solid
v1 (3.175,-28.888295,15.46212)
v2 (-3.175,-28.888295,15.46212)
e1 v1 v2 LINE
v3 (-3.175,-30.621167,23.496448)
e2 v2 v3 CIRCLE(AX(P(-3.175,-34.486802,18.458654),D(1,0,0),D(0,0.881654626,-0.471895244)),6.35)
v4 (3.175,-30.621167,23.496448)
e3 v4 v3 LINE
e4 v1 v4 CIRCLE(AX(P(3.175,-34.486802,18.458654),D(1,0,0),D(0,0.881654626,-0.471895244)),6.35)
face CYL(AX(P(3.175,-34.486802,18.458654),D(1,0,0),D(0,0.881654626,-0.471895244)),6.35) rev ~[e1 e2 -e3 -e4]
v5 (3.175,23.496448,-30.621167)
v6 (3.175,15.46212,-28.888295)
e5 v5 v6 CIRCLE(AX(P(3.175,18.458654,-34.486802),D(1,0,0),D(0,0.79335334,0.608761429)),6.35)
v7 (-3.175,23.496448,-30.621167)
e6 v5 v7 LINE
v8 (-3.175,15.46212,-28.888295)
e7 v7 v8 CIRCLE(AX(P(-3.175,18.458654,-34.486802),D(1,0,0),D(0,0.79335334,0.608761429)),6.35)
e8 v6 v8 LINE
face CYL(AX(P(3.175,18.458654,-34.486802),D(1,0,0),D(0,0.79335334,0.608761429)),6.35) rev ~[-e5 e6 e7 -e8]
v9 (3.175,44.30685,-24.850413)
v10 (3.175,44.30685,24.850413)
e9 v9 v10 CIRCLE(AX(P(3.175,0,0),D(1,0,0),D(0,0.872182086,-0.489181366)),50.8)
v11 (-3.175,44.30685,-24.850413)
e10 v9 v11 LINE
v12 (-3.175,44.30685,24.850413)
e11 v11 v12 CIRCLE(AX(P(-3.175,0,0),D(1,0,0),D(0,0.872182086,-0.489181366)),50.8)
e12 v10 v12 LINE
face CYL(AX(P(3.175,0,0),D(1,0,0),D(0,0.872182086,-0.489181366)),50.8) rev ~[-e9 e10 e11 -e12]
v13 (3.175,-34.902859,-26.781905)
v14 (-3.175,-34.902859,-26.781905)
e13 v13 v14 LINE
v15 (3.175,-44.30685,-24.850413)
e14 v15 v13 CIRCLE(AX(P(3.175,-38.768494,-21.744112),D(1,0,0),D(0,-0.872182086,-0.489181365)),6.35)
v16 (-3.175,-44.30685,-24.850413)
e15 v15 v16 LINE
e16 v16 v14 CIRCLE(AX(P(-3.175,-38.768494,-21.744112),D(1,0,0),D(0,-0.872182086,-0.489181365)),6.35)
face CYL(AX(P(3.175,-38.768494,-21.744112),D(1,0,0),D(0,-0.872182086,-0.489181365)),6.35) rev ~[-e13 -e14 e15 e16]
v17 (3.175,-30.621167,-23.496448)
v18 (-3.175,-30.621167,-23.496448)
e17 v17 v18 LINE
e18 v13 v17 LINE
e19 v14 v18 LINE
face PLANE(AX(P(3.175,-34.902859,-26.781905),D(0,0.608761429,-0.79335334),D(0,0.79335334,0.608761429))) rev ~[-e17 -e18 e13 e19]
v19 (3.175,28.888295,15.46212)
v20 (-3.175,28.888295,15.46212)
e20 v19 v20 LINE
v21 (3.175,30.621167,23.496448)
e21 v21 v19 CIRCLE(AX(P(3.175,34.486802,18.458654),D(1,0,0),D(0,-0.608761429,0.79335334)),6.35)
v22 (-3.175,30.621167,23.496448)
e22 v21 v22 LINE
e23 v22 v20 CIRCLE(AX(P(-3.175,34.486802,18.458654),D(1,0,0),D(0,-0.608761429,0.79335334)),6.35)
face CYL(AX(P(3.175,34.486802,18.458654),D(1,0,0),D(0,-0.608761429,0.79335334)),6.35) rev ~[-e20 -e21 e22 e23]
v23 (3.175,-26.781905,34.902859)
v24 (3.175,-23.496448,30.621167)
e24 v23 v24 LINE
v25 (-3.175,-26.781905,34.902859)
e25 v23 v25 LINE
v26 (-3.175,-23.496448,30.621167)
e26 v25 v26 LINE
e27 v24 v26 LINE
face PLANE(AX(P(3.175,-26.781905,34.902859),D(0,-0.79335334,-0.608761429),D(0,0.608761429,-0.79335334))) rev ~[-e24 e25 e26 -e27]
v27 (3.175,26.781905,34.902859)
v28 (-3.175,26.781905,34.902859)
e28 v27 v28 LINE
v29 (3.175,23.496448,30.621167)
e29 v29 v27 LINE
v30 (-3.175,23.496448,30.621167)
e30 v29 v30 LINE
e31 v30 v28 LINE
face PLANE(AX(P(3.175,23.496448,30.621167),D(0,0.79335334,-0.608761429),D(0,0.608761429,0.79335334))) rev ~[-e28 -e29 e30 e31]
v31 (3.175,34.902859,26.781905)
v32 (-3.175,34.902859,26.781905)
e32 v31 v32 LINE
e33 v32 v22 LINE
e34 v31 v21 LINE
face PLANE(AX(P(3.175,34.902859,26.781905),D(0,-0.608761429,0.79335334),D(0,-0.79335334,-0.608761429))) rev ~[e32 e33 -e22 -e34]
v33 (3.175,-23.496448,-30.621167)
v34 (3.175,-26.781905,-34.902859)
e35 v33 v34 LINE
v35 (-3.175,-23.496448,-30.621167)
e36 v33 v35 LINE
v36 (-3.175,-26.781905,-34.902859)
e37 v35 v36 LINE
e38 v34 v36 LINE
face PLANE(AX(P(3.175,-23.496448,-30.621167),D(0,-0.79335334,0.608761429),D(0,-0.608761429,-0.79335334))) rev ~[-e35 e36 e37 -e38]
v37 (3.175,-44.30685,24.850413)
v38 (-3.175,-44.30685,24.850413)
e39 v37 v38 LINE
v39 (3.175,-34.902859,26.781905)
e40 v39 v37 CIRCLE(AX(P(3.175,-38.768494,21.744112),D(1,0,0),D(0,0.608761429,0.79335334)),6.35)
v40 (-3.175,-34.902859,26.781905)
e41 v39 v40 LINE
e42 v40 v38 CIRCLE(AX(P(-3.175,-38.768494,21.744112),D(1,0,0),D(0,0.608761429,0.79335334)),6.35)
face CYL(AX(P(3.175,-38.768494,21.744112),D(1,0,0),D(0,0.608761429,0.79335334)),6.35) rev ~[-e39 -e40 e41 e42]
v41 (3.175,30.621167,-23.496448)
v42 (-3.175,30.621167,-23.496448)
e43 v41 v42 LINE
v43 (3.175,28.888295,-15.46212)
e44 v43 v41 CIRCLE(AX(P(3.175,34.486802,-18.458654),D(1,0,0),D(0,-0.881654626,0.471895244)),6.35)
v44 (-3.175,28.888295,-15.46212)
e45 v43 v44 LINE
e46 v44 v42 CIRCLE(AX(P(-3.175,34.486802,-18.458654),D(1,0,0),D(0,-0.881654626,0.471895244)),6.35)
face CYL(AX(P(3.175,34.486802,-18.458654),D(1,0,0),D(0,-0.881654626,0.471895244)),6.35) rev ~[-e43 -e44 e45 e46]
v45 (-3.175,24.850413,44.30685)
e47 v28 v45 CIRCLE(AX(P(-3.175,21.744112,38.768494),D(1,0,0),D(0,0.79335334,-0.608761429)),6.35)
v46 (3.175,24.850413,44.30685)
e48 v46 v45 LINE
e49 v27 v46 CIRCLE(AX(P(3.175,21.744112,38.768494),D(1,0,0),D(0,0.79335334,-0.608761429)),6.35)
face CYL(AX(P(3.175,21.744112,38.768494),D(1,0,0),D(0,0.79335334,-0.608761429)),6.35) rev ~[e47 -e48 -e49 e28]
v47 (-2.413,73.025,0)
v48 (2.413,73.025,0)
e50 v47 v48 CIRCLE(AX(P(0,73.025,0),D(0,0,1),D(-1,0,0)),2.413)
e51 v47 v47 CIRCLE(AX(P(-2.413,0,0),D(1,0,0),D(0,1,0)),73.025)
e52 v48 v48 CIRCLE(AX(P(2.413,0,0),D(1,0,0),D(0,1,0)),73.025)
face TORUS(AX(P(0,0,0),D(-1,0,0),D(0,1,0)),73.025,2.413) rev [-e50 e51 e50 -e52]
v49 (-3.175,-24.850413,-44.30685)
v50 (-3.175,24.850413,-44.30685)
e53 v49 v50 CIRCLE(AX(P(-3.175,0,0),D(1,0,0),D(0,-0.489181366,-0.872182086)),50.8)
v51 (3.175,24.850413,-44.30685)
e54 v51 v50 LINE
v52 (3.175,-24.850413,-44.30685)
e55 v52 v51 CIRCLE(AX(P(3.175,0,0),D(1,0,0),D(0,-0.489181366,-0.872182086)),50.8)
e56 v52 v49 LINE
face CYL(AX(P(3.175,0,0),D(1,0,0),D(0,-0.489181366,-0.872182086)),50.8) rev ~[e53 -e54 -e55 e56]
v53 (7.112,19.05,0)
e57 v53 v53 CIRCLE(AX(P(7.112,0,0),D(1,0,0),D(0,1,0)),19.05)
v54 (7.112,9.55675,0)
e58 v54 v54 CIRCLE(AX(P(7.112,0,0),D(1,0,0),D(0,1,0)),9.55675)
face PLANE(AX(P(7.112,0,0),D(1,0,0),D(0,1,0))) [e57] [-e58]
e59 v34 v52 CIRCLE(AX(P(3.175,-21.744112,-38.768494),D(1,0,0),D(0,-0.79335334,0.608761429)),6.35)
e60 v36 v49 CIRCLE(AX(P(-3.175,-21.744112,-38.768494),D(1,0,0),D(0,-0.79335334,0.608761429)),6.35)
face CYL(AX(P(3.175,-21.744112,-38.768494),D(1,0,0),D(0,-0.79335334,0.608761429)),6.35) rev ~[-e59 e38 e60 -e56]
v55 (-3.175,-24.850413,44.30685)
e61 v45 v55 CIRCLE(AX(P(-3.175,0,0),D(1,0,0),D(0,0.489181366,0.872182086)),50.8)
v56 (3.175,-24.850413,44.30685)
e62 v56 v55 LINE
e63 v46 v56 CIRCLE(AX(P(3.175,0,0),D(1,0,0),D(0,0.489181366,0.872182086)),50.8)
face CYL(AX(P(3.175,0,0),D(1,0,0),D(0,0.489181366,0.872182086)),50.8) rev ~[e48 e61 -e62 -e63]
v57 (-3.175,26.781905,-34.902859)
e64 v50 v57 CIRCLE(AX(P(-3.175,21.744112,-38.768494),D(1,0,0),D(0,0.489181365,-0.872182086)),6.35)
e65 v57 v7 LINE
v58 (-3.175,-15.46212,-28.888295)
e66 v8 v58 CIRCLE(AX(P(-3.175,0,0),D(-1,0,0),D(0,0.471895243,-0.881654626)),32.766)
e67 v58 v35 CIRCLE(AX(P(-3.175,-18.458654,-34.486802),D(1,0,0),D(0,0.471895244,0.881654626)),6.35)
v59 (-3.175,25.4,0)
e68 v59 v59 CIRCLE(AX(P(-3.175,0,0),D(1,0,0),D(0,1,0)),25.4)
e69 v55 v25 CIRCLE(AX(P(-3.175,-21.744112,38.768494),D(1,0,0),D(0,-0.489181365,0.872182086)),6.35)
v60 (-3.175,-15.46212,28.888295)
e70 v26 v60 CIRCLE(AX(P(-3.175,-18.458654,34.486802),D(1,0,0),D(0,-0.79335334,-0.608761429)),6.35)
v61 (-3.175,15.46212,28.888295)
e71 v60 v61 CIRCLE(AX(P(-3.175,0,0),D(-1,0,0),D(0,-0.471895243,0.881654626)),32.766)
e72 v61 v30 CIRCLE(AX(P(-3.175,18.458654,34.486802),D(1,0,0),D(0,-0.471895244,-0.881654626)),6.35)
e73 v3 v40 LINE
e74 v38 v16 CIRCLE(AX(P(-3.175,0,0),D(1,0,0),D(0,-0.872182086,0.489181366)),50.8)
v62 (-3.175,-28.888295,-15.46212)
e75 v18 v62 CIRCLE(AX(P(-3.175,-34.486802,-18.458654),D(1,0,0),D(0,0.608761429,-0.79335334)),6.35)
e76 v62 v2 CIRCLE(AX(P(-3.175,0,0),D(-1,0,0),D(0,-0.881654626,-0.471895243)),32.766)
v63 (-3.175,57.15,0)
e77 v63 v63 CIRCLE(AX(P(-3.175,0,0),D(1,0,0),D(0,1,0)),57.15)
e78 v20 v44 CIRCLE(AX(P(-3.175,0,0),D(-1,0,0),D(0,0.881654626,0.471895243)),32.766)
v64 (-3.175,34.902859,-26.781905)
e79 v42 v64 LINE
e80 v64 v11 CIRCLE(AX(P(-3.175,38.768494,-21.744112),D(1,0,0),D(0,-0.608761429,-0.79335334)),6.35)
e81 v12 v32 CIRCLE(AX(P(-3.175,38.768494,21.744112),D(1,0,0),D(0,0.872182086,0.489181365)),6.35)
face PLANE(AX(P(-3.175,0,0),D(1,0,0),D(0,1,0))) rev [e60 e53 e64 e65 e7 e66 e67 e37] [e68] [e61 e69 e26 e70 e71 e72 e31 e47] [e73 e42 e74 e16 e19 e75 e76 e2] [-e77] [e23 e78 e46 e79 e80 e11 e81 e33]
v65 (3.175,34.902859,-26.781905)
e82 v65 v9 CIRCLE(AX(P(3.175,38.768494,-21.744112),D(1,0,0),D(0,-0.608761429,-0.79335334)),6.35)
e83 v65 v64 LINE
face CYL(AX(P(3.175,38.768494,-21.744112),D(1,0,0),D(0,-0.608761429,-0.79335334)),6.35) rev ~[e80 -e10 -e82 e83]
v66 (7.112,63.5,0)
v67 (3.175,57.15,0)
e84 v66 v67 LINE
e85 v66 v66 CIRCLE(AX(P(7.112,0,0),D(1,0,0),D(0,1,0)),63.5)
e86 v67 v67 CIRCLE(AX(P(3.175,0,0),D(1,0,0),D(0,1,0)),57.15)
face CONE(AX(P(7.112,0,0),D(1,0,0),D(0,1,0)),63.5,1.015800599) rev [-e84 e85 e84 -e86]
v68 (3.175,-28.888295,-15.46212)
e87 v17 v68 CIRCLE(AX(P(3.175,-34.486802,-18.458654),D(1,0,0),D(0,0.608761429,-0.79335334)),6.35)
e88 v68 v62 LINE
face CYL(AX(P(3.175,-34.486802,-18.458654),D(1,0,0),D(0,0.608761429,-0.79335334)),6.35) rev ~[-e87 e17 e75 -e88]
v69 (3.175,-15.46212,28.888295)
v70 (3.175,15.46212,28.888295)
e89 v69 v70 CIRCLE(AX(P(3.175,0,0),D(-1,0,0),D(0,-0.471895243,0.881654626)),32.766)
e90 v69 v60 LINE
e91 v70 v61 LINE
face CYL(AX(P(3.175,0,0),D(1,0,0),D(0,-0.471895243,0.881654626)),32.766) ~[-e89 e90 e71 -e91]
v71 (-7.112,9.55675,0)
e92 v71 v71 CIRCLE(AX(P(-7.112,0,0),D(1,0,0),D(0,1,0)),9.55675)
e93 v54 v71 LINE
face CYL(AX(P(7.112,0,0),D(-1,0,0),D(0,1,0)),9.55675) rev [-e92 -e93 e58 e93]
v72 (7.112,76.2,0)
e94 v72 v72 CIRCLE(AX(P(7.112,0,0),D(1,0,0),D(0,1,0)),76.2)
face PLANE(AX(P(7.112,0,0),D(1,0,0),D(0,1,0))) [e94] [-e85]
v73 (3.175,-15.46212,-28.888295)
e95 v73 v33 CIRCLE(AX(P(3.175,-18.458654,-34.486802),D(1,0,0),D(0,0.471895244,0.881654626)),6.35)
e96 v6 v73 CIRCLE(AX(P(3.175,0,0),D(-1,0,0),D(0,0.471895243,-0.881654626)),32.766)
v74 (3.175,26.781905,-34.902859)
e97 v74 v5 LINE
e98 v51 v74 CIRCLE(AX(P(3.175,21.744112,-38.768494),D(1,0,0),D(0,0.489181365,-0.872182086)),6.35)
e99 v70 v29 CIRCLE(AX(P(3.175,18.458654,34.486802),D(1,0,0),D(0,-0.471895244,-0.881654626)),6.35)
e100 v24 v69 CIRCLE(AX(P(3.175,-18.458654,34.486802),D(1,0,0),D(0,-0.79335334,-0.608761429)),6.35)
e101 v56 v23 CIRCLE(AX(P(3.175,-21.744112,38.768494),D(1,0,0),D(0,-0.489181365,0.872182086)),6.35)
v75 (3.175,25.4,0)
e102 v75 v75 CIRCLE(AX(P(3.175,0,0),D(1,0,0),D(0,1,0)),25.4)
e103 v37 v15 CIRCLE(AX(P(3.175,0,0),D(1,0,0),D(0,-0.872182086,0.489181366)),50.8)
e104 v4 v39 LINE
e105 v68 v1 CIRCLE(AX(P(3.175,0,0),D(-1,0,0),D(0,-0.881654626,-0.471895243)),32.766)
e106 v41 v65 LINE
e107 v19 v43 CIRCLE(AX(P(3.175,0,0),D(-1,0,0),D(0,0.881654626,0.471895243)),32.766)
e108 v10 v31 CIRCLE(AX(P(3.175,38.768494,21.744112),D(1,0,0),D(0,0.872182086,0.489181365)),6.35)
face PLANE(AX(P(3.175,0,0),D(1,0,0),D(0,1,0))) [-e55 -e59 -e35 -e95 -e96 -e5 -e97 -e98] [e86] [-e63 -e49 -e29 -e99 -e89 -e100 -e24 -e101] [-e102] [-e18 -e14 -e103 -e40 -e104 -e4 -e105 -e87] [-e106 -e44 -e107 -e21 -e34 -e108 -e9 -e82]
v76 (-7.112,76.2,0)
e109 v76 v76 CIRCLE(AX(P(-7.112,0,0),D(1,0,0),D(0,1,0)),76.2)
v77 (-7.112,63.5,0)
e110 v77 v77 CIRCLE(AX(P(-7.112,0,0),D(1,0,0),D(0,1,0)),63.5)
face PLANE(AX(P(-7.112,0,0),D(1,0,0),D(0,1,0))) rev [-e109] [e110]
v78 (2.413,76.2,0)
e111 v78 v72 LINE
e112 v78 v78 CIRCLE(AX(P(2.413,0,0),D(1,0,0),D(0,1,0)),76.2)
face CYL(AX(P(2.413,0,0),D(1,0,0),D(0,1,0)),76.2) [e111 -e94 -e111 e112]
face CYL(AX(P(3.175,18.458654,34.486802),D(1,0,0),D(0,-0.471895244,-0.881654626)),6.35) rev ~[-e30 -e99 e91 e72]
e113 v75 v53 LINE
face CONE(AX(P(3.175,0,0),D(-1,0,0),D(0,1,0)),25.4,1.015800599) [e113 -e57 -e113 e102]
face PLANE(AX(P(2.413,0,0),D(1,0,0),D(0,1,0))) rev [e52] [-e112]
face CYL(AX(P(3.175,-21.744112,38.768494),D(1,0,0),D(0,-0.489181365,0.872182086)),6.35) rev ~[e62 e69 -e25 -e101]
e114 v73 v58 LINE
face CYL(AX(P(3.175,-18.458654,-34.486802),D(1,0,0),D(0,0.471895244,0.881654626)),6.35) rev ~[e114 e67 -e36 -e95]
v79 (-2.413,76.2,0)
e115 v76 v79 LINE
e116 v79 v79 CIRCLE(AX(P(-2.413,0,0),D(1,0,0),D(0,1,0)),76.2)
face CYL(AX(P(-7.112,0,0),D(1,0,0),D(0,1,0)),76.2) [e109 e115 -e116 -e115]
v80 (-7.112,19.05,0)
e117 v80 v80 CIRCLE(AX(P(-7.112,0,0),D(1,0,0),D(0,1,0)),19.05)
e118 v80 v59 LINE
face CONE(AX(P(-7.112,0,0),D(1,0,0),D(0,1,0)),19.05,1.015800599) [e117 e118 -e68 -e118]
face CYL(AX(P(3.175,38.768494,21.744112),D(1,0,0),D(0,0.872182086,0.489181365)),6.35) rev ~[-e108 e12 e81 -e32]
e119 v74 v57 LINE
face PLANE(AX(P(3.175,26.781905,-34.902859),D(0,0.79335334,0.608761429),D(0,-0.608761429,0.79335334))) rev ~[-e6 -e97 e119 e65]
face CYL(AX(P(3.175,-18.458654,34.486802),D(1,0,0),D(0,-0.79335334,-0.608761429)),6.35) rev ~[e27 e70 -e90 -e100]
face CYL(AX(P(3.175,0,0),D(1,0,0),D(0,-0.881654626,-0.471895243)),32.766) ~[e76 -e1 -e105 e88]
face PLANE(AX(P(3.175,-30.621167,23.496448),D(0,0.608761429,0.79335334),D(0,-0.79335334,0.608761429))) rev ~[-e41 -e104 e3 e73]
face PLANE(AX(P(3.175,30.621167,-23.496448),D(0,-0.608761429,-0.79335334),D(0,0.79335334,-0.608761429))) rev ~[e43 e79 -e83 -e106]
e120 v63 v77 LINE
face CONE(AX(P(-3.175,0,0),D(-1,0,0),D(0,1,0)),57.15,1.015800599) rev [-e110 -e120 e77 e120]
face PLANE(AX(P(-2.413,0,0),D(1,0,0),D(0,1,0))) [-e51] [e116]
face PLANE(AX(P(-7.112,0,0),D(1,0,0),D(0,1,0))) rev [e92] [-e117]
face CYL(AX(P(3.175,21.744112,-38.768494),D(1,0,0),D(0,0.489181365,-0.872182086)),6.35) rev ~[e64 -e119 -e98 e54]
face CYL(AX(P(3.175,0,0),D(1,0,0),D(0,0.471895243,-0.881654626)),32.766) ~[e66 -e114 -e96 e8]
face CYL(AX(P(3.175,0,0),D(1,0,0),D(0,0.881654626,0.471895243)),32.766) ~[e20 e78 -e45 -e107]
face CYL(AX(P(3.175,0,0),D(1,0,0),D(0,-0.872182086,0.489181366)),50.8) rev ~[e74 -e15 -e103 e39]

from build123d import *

# Parameters (mm, degrees)
CUT_EXTRUDE1_DEPTH = 6.35
CIRPATTERN1_COUNT  = 4


with BuildPart() as part:
    # Sketch1 → Revolve1 (revolve)
    with BuildSketch(Plane.XY):
        with BuildLine():
            Line((-7.112, 19.05), (-3.175, 25.4))
            Line((-3.175, 25.4), (-3.175, 57.15))
            Line((-3.175, 57.15), (-7.112, 63.5))
            Line((-7.112, 63.5), (-7.112, 76.2))
            Line((-7.112, 76.2), (-2.413, 76.2))
            Line((-2.413, 76.2), (-2.413, 73.025))
            ThreePointArc((-2.413, 73.025), (0, 70.612), (2.413, 73.025))
            Line((2.413, 73.025), (2.413, 76.2))
            Line((2.413, 76.2), (7.112, 76.2))
            Line((7.112, 76.2), (7.112, 63.5))
            Line((7.112, 63.5), (3.175, 57.15))
            Line((3.175, 57.15), (3.175, 25.4))
            Line((3.175, 25.4), (7.112, 19.05))
            Line((7.112, 19.05), (7.112, 9.55675))
            Line((7.112, 9.55675), (-7.112, 9.55675))
            Line((-7.112, 9.55675), (-7.112, 19.05))
        make_face()
    revolve(axis=Axis((0, 0, 0), (1, 0, 0)))

    # Sketch2 → Cut-Extrude1 (cut)
    with BuildSketch(Plane(origin=(3.175, 0, 0), x_dir=(0, 0, -1), z_dir=(1, 0, 0))):
        with BuildLine():
            Line((23.49644805, 30.621167271), (26.781905408, 34.902858661))
            ThreePointArc((26.781905408, 34.902858661), (27.96426729, 40.046055634), (24.850413368, 44.306849983))
            ThreePointArc((24.850413368, 44.306849983), (0, 50.8), (-24.850413368, 44.306849983))
            ThreePointArc((-24.850413368, 44.306849983), (-27.96426729, 40.046055634), (-26.781905408, 34.902858661))
            Line((-26.781905408, 34.902858661), (-23.49644805, 30.621167271))
            ThreePointArc((-23.49644805, 30.621167271), (-19.797458156, 28.279540119), (-15.462119544, 28.888295471))
            ThreePointArc((-15.462119544, 28.888295471), (0, 32.766), (15.462119544, 28.888295471))
            ThreePointArc((15.462119544, 28.888295471), (19.797458156, 28.279540119), (23.49644805, 30.621167271))
        make_face()
    cut_extrude1 = extrude(amount=-CUT_EXTRUDE1_DEPTH, mode=Mode.SUBTRACT)

    # CirPattern1: Cut-Extrude1 ×4 about axis
    cirpattern1_axis = Axis((0, 0, 0), (1, 0, 0))
    for i in range(1, CIRPATTERN1_COUNT):
        add(cut_extrude1.rotate(cirpattern1_axis, i * 360 / CIRPATTERN1_COUNT), mode=Mode.SUBTRACT)


solid = part.part
